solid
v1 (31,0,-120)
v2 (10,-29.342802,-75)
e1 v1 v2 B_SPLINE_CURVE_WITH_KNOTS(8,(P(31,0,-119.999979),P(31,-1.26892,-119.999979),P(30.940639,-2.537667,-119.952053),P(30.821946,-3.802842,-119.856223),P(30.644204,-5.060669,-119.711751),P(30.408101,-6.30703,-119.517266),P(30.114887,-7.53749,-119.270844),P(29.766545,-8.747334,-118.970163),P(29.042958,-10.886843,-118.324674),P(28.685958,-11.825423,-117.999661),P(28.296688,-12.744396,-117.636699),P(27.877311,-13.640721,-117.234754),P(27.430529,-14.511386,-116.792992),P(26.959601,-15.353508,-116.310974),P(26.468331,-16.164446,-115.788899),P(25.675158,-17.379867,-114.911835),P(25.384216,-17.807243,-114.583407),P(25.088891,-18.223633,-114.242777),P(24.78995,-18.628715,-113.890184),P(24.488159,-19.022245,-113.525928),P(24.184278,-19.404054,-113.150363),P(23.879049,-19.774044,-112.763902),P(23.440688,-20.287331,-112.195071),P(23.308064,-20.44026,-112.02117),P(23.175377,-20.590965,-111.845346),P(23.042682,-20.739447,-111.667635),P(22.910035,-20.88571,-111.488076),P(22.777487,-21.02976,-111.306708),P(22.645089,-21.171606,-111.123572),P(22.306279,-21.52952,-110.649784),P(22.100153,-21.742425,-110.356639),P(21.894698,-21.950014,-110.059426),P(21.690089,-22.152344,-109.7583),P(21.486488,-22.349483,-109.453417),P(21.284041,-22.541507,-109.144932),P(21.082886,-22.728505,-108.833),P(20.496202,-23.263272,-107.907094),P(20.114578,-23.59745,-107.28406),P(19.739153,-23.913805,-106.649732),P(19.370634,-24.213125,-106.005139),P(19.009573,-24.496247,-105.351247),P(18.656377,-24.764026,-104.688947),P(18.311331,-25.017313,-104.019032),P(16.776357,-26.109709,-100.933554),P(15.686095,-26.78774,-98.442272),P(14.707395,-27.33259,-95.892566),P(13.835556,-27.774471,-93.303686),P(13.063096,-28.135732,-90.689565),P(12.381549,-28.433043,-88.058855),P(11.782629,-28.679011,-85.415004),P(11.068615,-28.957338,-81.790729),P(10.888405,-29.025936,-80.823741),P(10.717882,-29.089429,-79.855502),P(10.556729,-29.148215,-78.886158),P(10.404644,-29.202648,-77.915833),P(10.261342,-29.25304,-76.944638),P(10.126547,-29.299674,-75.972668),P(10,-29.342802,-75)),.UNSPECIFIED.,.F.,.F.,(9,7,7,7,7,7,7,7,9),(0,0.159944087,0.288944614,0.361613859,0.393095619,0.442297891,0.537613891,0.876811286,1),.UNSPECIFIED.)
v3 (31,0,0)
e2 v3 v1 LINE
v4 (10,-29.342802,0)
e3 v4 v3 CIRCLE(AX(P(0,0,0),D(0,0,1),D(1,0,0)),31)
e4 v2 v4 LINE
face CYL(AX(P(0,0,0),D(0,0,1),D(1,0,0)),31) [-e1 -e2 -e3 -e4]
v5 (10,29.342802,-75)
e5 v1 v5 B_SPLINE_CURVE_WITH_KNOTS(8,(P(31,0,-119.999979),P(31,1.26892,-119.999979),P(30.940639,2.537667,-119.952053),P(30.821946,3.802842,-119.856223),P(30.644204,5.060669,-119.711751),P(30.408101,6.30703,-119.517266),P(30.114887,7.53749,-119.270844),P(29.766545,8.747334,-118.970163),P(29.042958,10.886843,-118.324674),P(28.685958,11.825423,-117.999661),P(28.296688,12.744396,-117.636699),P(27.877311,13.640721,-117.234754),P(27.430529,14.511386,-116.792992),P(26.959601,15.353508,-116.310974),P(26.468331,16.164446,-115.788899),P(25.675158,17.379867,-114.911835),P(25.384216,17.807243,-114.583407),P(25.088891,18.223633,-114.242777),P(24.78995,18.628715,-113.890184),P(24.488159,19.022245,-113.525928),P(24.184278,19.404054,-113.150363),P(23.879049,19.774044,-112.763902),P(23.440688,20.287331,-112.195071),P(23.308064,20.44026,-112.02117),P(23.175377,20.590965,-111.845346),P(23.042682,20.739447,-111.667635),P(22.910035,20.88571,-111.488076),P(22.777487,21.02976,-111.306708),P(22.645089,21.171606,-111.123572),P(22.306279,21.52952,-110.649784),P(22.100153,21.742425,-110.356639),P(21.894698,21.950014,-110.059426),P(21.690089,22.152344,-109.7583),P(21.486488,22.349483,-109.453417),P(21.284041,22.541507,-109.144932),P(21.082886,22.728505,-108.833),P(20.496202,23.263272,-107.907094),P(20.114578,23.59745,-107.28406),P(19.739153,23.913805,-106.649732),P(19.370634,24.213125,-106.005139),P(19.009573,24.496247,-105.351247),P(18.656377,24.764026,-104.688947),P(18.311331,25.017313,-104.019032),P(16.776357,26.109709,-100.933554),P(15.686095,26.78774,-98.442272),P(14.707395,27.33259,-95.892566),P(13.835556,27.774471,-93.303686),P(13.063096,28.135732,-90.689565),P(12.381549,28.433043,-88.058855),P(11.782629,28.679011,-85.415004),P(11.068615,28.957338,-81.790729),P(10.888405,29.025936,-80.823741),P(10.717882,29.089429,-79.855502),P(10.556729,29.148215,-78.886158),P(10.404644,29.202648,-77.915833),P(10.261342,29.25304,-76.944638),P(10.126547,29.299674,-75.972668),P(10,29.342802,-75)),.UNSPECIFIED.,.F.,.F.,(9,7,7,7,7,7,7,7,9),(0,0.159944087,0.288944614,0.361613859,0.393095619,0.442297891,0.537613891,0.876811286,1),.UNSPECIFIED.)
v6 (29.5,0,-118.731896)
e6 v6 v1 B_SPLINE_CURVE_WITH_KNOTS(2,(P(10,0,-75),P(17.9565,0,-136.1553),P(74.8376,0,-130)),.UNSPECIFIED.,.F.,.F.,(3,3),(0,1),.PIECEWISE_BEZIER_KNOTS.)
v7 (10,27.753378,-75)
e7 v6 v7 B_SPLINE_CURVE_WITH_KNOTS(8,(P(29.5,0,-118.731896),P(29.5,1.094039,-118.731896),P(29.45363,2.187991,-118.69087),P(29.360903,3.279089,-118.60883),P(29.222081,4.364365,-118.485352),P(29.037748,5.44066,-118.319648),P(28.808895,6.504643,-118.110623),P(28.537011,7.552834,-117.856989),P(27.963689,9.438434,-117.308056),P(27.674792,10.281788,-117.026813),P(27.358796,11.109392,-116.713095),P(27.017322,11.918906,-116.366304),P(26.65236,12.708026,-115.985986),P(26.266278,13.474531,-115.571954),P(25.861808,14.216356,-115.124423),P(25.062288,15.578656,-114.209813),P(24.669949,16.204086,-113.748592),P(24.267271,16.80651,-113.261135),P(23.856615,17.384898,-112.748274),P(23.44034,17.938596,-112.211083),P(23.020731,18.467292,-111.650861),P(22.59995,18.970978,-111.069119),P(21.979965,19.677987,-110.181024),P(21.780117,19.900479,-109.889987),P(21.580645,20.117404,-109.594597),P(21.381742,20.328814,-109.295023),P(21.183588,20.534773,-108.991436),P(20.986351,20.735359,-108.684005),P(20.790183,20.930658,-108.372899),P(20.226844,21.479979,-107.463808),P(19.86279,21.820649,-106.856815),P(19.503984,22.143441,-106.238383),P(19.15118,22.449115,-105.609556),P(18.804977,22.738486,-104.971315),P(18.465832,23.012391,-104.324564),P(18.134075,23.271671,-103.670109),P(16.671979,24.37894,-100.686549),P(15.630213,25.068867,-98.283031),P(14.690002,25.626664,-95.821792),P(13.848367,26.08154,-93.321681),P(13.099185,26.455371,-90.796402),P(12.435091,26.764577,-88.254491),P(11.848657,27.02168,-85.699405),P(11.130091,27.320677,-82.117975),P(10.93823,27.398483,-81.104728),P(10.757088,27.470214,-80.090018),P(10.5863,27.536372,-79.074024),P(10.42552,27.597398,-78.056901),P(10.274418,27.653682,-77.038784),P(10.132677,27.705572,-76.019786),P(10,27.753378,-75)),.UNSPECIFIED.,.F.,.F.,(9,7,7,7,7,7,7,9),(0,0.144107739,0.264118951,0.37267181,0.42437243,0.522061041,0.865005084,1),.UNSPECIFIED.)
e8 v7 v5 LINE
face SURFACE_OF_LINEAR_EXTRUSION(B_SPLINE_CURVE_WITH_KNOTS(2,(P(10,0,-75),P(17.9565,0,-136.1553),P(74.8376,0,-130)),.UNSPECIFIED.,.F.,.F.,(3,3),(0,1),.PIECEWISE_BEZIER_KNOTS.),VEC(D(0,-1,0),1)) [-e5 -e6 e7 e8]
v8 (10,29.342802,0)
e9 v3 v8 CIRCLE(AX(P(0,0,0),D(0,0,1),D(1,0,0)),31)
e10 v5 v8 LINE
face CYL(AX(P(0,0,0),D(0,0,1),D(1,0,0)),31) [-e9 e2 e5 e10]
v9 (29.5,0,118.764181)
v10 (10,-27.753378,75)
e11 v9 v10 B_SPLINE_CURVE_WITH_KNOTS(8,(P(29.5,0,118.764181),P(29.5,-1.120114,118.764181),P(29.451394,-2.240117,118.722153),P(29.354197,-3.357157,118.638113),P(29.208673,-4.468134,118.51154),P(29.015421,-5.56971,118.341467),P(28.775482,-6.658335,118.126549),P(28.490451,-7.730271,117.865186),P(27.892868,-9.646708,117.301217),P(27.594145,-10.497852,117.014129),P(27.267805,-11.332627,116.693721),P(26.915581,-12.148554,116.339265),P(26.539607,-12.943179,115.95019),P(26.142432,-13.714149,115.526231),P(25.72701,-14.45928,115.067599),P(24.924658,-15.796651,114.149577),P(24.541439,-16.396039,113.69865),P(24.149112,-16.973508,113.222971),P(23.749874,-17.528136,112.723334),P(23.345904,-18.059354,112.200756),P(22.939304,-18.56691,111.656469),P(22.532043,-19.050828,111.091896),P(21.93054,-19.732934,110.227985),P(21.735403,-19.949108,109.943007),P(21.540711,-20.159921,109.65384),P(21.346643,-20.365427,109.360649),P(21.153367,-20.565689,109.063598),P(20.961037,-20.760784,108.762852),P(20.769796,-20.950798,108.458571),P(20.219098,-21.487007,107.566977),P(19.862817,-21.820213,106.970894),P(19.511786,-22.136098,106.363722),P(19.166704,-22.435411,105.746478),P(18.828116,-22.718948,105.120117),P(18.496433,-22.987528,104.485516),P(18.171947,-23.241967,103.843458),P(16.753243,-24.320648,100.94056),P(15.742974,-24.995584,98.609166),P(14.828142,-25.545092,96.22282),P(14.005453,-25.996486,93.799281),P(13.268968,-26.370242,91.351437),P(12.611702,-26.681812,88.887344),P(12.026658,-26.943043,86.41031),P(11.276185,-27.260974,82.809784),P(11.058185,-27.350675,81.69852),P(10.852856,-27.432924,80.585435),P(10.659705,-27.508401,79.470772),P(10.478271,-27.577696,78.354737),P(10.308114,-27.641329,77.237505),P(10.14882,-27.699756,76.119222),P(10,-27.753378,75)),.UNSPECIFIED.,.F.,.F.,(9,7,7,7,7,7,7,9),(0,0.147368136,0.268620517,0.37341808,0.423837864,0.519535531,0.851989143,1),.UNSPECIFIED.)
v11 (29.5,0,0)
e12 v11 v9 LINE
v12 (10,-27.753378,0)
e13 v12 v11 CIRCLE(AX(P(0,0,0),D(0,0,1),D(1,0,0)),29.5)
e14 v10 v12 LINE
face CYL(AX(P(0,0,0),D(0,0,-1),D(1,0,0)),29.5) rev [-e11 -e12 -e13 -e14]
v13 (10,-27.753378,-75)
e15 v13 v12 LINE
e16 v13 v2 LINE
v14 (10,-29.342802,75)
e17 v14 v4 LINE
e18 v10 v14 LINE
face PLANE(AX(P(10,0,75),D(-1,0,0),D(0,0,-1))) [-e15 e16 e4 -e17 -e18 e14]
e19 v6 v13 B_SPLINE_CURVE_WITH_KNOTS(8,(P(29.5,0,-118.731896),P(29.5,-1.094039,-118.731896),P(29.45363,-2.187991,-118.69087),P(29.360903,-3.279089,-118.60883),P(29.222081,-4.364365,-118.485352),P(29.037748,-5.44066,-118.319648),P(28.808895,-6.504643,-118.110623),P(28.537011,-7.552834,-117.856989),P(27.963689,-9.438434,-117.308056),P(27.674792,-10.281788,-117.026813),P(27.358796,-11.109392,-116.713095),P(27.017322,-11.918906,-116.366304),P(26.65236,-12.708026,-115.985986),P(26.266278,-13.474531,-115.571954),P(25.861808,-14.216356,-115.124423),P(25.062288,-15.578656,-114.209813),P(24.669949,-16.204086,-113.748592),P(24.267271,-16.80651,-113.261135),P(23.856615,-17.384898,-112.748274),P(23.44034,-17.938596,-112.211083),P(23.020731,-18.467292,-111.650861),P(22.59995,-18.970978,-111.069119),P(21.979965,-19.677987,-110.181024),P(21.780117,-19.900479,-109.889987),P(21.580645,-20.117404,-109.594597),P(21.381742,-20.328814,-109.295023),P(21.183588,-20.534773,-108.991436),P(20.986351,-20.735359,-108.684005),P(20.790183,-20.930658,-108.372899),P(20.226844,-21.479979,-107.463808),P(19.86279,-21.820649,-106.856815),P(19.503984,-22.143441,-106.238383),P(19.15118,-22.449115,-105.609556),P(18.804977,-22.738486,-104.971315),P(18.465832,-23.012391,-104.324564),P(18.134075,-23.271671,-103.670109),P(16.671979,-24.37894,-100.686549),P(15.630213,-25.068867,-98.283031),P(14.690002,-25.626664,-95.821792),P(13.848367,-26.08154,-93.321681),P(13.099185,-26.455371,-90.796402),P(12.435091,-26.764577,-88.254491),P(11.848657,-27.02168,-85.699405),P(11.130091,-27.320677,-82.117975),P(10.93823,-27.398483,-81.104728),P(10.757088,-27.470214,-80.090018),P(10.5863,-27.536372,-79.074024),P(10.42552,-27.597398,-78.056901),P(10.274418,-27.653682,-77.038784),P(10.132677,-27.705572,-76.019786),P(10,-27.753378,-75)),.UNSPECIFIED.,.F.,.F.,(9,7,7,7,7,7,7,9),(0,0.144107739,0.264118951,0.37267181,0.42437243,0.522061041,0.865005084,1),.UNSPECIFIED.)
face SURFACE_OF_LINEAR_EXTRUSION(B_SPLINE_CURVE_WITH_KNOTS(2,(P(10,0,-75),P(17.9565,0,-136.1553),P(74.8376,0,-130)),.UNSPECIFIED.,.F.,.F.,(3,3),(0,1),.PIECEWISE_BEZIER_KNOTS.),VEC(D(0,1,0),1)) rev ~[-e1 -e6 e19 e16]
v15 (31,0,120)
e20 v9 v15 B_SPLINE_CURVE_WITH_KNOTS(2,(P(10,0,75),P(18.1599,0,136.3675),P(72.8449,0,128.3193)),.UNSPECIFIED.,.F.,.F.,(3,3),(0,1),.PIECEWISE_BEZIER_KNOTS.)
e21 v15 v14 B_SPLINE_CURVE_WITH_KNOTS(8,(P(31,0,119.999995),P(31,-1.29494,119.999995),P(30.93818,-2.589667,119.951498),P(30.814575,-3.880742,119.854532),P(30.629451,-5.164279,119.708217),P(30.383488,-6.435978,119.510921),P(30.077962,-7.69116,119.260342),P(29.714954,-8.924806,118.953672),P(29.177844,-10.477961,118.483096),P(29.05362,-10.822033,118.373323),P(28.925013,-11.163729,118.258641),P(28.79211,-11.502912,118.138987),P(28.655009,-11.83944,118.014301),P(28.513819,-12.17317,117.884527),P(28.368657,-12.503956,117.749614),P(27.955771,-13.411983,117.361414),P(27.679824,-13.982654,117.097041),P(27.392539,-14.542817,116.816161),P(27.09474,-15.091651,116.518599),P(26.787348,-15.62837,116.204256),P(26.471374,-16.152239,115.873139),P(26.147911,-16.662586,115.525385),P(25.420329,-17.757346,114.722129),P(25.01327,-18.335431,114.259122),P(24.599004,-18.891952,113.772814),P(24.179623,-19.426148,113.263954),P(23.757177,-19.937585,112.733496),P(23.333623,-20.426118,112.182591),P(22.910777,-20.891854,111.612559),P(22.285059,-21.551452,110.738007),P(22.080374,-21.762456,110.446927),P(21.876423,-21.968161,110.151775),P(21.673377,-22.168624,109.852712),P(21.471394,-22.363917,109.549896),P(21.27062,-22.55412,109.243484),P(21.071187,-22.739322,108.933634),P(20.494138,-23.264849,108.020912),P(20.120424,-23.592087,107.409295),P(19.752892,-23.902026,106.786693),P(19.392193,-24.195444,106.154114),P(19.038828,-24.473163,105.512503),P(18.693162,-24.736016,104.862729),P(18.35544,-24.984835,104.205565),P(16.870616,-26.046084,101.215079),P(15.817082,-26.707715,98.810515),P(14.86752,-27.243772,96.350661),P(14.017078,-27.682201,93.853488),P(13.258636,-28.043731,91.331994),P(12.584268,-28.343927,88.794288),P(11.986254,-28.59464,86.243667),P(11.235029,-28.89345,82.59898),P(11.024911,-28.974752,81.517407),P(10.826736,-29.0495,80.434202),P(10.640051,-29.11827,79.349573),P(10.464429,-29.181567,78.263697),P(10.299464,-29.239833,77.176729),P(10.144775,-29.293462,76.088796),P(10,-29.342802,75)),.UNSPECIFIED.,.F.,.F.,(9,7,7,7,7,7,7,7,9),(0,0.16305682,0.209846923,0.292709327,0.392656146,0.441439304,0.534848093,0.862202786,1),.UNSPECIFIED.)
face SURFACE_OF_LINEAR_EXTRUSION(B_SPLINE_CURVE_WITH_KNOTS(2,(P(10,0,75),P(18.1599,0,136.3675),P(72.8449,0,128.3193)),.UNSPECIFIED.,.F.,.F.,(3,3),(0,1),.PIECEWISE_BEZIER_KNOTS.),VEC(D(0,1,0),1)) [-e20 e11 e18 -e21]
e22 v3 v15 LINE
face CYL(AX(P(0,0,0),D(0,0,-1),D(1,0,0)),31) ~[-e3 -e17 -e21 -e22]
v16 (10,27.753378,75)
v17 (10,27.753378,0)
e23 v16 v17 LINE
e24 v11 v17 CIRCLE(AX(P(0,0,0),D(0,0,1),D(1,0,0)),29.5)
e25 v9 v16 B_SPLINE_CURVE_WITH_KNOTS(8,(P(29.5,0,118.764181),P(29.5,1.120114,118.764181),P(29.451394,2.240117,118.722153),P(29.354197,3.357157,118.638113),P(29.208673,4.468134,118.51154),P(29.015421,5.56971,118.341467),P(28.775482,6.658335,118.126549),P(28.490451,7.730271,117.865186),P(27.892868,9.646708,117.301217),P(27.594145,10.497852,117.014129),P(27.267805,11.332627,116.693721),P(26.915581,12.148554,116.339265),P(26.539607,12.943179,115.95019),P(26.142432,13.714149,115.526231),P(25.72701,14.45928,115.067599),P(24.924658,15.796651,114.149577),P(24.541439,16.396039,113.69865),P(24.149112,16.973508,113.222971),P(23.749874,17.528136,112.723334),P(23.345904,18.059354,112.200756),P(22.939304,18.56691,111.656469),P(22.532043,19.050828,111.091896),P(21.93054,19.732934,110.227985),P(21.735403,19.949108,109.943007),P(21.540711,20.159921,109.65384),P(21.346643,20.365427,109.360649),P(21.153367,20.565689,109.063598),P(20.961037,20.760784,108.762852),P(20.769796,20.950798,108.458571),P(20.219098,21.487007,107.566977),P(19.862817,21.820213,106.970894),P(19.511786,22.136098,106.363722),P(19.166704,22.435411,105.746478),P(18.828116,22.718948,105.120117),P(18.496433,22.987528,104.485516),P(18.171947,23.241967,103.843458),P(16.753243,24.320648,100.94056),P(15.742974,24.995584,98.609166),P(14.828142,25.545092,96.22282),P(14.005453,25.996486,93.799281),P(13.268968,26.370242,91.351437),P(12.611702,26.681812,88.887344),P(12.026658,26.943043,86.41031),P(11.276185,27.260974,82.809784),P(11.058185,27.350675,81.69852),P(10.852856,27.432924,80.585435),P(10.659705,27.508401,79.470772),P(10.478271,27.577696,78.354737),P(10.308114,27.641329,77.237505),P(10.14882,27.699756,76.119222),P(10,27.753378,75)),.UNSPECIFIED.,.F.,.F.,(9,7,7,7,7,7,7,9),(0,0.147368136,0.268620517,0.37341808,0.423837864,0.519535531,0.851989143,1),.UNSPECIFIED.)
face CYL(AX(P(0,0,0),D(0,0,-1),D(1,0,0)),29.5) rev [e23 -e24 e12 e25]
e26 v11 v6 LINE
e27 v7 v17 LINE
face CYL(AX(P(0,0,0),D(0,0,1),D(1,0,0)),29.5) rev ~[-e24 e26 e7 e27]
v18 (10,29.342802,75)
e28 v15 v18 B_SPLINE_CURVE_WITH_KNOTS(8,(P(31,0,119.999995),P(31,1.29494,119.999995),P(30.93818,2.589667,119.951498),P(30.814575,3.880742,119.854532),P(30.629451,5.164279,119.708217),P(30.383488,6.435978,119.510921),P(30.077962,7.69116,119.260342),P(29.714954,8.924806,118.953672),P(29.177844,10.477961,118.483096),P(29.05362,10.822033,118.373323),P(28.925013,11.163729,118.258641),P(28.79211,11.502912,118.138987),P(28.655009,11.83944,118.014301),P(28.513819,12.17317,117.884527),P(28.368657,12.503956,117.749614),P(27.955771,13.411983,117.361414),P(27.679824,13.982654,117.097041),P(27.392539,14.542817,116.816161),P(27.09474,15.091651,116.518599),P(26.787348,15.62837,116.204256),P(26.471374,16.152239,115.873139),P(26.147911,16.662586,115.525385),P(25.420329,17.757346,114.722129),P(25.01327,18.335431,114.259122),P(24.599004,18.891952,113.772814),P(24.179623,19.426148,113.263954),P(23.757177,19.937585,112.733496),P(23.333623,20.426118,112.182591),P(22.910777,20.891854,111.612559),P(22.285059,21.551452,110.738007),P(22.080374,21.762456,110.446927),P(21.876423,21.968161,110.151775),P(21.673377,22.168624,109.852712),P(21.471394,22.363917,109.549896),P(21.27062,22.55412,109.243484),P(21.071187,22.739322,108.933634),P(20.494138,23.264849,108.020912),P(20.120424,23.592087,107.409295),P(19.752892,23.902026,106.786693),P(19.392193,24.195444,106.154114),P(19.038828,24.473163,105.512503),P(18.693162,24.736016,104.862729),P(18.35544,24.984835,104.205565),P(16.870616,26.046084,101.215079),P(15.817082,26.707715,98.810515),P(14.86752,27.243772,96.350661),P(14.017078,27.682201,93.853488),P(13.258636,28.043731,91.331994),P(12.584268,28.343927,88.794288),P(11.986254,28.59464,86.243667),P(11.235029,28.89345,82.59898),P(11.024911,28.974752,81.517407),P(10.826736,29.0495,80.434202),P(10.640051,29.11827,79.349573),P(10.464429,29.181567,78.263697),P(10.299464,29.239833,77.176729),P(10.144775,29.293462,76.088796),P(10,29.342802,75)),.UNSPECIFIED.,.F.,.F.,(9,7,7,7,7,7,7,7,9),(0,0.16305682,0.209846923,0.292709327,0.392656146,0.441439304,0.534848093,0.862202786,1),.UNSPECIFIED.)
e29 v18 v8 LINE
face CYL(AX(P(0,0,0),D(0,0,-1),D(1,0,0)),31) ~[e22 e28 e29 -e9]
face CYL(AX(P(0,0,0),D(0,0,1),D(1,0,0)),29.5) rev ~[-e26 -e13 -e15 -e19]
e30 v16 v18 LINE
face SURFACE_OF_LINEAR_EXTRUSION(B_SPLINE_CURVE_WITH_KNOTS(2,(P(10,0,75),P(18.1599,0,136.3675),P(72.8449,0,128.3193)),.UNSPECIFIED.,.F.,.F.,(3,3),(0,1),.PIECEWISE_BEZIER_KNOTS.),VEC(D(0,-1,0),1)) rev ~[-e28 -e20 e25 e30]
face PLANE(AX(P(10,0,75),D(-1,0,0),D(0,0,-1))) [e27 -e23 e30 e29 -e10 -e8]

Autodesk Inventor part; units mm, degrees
ref_plane "XZ Plane" through (0, 0, 0) normal (0, 1, 0) x (-1, 0, 0)
ref_plane "XY Plane" through (0, 0, 0) normal (0, 0, 1) x (1, 0, 0)
sketch "Skizze1" plane through (0, 0, 0) normal (0, 0, 1) x (1, 0, 0)
  circle A0 centre (0, 0) radius 31
  circle A1 centre (0, 0) radius 29.5
  dimension "d0" = 62
  dimension "d1" = 59
extrude "Extrusion1" add sketch "Skizze1" along normal mid plane 300
sketch "Skizze2" plane through (0, 0, 0) normal (0, 1, 0) x (-1, 0, 0)
  line L0 (-10, 169.5773) -> (-10, -169.8146) construction
  line L1 (-74.8376, 0) -> (82.6362, 0) construction
  line L2 (-10, 75) -> (-10, -75)
  line L3 (-31, -150) -> (-31, 150) projected
  line L4 (31, 150) -> (-31, 150) projected
  line L5 (-31, -150) -> (31, -150) projected
  spline S0 degree 2 poles (-10, 75) (-18.1599, 136.3675) (-72.8449, 128.3193) knots 0 0 0 1 1 1
  spline S1 degree 2 poles (-10, -75) (-17.9565, -136.1553) (-74.8376, -130) knots 0 0 0 1 1 1
  line L6 (-72.8449, 128.3193) -> (-74.8376, -130)
  line L7 (-31, 120) -> (-31, 150)
  line L8 (-31, 150) -> (31, 150)
  line L9 (31, 150) -> (31, -150)
  line L10 (31, -150) -> (31, 150) projected
  line L11 (31, -150) -> (-31, -150)
  line L12 (-31, -150) -> (-31, -120)
  point P0 (0, 0)
  dimension "d4" = 10
  dimension "d5" = 150
  dimension "d6" = 30
  dimension "d7" = 30
extrude "Extrusion3" cut sketch "Skizze2" along normal mid plane 100 contours S0 L3 L4 L9 L5 S1 L2
ref_plane "Arbeitsebene1" through (26.5, 0, 0) normal (1, 0, 0) x (0, 1, 0)
properties part number "_3D-Druck"
